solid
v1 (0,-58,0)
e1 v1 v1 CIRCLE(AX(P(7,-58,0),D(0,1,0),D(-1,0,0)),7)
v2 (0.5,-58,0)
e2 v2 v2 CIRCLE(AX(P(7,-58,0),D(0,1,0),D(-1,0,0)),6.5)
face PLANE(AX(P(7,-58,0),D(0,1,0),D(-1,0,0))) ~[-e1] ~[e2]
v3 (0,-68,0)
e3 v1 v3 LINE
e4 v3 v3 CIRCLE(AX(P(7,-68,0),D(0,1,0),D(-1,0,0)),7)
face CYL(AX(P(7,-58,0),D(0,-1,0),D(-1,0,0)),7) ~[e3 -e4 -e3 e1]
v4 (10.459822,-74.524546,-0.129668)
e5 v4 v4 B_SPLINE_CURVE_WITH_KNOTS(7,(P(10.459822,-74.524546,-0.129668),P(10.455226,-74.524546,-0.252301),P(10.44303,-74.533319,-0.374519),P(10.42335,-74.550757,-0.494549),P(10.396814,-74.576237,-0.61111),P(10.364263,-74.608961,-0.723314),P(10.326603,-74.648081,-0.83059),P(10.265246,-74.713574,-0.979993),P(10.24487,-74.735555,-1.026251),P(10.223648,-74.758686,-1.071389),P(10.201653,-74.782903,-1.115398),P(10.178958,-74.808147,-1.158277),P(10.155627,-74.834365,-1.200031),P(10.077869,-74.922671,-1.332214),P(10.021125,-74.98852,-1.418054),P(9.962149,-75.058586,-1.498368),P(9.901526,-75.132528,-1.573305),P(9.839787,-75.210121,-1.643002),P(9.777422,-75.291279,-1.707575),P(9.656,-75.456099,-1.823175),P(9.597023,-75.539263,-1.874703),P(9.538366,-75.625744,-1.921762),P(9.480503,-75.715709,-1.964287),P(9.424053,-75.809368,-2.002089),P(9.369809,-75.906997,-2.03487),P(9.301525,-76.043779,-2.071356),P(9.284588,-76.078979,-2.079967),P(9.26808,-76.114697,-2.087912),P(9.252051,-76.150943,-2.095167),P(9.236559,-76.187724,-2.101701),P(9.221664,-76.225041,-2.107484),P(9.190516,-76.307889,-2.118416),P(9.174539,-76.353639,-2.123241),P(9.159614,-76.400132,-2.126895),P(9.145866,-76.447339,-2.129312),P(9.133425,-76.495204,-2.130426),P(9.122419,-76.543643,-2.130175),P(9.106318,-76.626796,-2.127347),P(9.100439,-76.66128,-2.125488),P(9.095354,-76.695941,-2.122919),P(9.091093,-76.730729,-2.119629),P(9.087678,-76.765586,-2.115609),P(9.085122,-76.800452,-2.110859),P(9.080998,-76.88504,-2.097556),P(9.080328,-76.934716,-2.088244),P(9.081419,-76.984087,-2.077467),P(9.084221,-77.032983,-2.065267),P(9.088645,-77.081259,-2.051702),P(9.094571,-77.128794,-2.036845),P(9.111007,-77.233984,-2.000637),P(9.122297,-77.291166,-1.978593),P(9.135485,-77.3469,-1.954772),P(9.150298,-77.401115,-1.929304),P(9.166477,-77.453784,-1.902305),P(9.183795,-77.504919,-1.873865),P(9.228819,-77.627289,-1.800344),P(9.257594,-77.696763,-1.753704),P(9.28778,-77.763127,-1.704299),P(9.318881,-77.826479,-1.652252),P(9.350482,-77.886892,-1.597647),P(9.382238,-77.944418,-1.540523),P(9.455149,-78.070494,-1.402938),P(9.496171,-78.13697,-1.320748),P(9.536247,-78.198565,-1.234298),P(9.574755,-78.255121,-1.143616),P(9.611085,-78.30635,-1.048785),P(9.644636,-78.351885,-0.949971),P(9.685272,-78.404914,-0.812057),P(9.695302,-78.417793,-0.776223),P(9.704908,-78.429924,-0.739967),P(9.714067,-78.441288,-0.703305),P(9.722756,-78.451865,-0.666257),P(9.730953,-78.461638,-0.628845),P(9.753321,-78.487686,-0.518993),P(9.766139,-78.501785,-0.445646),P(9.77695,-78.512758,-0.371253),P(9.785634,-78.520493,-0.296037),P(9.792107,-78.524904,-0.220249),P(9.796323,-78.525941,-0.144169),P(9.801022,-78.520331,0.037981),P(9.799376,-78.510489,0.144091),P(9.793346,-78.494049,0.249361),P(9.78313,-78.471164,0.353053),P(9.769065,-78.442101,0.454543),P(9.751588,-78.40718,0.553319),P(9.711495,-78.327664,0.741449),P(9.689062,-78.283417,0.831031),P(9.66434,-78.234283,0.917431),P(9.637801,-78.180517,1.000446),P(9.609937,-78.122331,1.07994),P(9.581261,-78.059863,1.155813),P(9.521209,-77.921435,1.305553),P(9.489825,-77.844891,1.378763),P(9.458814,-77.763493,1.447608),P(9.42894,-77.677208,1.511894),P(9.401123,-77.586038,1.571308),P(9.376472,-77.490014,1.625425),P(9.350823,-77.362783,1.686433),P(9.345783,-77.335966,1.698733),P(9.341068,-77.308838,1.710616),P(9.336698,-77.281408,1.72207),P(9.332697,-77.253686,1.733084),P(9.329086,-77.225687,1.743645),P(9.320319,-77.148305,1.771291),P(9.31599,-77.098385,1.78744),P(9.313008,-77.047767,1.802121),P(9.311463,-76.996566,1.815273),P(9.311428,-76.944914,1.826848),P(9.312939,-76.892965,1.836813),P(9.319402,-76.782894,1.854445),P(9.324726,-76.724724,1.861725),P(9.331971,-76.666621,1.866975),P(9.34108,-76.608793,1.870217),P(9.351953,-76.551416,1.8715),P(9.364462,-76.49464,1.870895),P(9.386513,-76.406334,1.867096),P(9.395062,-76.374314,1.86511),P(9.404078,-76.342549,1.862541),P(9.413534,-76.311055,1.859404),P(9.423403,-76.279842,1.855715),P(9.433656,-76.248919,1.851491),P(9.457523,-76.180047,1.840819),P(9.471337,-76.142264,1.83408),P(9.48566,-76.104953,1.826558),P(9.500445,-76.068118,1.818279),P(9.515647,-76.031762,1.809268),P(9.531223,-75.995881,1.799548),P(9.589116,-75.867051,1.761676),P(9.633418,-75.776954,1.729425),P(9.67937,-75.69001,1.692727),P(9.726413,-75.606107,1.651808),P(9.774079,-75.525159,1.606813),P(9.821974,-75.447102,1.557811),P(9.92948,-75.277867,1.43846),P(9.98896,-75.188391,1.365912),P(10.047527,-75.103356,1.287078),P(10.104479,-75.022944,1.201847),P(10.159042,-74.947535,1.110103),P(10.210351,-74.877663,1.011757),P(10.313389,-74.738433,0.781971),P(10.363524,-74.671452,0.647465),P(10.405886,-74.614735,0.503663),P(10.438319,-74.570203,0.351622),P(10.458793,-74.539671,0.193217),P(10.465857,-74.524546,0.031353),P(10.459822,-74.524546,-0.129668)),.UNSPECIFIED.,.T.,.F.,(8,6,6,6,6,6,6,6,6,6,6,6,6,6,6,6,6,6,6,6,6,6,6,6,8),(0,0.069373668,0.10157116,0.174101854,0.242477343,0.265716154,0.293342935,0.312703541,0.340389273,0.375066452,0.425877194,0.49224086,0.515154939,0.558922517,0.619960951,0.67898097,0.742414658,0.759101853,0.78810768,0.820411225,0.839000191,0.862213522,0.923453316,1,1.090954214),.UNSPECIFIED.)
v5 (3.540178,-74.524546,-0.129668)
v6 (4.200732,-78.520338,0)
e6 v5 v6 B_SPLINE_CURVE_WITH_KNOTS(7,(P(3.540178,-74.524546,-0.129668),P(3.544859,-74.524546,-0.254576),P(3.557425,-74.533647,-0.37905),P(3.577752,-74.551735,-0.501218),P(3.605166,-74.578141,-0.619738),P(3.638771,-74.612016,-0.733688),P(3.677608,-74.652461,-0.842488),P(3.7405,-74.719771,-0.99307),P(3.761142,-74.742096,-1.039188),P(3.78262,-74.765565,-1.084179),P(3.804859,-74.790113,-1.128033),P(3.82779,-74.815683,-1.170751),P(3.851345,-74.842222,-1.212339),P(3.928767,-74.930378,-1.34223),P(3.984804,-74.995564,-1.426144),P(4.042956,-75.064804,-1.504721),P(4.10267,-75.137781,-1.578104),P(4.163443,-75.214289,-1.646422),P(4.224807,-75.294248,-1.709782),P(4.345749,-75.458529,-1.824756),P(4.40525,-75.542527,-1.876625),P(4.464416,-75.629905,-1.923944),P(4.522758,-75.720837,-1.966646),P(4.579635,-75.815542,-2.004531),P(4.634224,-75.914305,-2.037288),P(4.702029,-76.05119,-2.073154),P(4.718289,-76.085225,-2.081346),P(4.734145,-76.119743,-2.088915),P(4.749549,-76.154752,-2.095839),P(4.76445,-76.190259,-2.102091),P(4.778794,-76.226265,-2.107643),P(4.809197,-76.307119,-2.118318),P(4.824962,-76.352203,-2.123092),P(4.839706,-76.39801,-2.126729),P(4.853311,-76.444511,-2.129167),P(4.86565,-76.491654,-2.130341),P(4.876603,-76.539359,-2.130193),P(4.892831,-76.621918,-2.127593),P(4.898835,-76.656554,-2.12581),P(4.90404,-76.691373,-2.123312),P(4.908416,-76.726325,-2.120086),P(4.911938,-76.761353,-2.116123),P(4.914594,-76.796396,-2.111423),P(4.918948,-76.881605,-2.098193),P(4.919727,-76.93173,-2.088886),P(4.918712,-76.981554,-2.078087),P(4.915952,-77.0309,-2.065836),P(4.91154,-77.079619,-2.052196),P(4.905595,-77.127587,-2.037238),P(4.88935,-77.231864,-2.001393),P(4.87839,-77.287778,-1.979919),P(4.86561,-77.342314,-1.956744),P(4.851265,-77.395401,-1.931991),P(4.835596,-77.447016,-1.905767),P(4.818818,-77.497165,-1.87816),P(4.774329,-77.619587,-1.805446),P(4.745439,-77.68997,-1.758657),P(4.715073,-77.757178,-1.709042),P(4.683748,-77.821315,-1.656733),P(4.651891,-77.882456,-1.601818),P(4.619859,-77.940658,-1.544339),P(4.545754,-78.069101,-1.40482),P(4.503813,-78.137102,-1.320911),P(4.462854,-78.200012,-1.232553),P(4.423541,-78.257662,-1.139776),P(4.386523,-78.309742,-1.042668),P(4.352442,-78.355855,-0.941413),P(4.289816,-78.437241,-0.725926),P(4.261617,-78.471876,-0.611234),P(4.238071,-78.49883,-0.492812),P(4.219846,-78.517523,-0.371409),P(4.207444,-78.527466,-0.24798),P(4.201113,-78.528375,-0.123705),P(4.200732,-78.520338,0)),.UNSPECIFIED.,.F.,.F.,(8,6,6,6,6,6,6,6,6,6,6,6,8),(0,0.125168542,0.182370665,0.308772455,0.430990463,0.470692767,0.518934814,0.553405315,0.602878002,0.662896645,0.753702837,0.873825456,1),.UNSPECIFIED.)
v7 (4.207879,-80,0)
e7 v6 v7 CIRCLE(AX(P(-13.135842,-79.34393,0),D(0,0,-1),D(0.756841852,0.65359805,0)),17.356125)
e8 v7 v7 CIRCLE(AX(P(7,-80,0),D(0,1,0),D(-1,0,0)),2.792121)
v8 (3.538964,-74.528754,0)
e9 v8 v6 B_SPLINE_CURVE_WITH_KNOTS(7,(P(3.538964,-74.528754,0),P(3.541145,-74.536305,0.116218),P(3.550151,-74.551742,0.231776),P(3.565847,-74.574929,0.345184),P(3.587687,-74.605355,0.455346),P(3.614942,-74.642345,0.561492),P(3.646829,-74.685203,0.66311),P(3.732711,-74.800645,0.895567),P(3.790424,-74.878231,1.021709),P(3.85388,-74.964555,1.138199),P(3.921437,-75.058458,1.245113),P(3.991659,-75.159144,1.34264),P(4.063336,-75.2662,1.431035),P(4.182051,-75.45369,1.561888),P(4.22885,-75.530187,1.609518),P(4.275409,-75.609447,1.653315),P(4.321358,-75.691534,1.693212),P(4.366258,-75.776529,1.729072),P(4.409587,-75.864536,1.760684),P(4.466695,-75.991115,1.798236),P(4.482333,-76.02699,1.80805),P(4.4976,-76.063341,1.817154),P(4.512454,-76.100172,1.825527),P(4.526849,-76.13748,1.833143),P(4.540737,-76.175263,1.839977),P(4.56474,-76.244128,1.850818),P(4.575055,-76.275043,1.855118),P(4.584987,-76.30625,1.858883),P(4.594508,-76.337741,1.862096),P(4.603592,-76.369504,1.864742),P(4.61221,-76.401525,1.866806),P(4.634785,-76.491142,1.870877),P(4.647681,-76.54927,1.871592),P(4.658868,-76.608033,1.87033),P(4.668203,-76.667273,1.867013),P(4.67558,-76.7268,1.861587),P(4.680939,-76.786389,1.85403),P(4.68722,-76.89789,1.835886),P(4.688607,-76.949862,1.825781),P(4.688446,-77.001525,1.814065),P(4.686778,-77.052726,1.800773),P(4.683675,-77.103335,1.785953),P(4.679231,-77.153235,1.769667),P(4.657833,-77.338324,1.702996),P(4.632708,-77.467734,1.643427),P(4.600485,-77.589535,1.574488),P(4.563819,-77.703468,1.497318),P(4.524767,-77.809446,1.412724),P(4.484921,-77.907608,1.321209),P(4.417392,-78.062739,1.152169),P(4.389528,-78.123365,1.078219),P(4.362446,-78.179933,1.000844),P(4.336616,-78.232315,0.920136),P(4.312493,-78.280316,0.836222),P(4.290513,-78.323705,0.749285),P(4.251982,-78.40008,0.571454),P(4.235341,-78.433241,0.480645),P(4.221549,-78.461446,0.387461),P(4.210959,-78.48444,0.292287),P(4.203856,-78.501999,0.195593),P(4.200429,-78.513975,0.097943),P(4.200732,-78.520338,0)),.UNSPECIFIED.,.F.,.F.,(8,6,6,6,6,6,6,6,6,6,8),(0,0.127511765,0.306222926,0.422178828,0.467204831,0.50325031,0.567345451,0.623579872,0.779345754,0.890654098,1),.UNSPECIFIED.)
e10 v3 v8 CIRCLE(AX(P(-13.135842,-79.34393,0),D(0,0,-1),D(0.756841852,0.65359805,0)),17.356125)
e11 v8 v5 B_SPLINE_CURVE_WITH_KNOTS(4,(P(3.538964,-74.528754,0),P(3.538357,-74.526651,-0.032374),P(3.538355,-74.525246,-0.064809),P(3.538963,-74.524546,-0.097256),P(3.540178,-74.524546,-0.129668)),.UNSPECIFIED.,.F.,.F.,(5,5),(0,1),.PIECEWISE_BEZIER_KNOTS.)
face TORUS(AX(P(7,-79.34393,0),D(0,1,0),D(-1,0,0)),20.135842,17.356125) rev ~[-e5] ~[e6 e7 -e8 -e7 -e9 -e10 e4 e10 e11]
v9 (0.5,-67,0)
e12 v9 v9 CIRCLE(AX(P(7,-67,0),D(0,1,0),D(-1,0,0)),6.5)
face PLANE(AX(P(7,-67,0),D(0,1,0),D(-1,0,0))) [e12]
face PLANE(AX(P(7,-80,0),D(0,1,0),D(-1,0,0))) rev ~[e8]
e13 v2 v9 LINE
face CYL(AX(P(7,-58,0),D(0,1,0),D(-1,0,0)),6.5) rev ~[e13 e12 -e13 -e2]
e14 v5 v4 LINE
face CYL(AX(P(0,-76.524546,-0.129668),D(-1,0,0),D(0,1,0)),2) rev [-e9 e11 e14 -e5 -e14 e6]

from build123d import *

# Parameters (mm, degrees)
F2_R     = 2
F3_DEPTH = 25.4
F4_R     = 6.5
F5_DEPTH = 9


with BuildPart() as f1:
    # F0 (on Top) → F1 (revolve)
    with BuildSketch(Plane.XY):
        with BuildLine():
            Line((0, -58), (0, -68))
            ThreePointArc((0, -68), (3.242526, -73.600747), (4.207879, -80))
            Line((4.207879, -80), (7, -80))
            Line((7, -80), (7, -58))
            Line((7, -58), (0, -58))
        make_face()
    revolve(axis=Axis((7, -68.5, 0), (0, 1, 0)))

    # F2 (on Right) → F3 (cut)
    with BuildSketch(Plane.YZ):
        with Locations((-76.524546, -0.129668)):
            Circle(F2_R)
    extrude(amount=F3_DEPTH, mode=Mode.SUBTRACT)

    # F4 (on face) → F5 (cut)
    with BuildSketch(Plane(origin=(0, -58, 0), x_dir=(-1, 0, 0), z_dir=(0, 1, 0))):
        with Locations((-7, 0)):
            Circle(F4_R)
    extrude(amount=-F5_DEPTH, mode=Mode.SUBTRACT)


solid = f1.part
